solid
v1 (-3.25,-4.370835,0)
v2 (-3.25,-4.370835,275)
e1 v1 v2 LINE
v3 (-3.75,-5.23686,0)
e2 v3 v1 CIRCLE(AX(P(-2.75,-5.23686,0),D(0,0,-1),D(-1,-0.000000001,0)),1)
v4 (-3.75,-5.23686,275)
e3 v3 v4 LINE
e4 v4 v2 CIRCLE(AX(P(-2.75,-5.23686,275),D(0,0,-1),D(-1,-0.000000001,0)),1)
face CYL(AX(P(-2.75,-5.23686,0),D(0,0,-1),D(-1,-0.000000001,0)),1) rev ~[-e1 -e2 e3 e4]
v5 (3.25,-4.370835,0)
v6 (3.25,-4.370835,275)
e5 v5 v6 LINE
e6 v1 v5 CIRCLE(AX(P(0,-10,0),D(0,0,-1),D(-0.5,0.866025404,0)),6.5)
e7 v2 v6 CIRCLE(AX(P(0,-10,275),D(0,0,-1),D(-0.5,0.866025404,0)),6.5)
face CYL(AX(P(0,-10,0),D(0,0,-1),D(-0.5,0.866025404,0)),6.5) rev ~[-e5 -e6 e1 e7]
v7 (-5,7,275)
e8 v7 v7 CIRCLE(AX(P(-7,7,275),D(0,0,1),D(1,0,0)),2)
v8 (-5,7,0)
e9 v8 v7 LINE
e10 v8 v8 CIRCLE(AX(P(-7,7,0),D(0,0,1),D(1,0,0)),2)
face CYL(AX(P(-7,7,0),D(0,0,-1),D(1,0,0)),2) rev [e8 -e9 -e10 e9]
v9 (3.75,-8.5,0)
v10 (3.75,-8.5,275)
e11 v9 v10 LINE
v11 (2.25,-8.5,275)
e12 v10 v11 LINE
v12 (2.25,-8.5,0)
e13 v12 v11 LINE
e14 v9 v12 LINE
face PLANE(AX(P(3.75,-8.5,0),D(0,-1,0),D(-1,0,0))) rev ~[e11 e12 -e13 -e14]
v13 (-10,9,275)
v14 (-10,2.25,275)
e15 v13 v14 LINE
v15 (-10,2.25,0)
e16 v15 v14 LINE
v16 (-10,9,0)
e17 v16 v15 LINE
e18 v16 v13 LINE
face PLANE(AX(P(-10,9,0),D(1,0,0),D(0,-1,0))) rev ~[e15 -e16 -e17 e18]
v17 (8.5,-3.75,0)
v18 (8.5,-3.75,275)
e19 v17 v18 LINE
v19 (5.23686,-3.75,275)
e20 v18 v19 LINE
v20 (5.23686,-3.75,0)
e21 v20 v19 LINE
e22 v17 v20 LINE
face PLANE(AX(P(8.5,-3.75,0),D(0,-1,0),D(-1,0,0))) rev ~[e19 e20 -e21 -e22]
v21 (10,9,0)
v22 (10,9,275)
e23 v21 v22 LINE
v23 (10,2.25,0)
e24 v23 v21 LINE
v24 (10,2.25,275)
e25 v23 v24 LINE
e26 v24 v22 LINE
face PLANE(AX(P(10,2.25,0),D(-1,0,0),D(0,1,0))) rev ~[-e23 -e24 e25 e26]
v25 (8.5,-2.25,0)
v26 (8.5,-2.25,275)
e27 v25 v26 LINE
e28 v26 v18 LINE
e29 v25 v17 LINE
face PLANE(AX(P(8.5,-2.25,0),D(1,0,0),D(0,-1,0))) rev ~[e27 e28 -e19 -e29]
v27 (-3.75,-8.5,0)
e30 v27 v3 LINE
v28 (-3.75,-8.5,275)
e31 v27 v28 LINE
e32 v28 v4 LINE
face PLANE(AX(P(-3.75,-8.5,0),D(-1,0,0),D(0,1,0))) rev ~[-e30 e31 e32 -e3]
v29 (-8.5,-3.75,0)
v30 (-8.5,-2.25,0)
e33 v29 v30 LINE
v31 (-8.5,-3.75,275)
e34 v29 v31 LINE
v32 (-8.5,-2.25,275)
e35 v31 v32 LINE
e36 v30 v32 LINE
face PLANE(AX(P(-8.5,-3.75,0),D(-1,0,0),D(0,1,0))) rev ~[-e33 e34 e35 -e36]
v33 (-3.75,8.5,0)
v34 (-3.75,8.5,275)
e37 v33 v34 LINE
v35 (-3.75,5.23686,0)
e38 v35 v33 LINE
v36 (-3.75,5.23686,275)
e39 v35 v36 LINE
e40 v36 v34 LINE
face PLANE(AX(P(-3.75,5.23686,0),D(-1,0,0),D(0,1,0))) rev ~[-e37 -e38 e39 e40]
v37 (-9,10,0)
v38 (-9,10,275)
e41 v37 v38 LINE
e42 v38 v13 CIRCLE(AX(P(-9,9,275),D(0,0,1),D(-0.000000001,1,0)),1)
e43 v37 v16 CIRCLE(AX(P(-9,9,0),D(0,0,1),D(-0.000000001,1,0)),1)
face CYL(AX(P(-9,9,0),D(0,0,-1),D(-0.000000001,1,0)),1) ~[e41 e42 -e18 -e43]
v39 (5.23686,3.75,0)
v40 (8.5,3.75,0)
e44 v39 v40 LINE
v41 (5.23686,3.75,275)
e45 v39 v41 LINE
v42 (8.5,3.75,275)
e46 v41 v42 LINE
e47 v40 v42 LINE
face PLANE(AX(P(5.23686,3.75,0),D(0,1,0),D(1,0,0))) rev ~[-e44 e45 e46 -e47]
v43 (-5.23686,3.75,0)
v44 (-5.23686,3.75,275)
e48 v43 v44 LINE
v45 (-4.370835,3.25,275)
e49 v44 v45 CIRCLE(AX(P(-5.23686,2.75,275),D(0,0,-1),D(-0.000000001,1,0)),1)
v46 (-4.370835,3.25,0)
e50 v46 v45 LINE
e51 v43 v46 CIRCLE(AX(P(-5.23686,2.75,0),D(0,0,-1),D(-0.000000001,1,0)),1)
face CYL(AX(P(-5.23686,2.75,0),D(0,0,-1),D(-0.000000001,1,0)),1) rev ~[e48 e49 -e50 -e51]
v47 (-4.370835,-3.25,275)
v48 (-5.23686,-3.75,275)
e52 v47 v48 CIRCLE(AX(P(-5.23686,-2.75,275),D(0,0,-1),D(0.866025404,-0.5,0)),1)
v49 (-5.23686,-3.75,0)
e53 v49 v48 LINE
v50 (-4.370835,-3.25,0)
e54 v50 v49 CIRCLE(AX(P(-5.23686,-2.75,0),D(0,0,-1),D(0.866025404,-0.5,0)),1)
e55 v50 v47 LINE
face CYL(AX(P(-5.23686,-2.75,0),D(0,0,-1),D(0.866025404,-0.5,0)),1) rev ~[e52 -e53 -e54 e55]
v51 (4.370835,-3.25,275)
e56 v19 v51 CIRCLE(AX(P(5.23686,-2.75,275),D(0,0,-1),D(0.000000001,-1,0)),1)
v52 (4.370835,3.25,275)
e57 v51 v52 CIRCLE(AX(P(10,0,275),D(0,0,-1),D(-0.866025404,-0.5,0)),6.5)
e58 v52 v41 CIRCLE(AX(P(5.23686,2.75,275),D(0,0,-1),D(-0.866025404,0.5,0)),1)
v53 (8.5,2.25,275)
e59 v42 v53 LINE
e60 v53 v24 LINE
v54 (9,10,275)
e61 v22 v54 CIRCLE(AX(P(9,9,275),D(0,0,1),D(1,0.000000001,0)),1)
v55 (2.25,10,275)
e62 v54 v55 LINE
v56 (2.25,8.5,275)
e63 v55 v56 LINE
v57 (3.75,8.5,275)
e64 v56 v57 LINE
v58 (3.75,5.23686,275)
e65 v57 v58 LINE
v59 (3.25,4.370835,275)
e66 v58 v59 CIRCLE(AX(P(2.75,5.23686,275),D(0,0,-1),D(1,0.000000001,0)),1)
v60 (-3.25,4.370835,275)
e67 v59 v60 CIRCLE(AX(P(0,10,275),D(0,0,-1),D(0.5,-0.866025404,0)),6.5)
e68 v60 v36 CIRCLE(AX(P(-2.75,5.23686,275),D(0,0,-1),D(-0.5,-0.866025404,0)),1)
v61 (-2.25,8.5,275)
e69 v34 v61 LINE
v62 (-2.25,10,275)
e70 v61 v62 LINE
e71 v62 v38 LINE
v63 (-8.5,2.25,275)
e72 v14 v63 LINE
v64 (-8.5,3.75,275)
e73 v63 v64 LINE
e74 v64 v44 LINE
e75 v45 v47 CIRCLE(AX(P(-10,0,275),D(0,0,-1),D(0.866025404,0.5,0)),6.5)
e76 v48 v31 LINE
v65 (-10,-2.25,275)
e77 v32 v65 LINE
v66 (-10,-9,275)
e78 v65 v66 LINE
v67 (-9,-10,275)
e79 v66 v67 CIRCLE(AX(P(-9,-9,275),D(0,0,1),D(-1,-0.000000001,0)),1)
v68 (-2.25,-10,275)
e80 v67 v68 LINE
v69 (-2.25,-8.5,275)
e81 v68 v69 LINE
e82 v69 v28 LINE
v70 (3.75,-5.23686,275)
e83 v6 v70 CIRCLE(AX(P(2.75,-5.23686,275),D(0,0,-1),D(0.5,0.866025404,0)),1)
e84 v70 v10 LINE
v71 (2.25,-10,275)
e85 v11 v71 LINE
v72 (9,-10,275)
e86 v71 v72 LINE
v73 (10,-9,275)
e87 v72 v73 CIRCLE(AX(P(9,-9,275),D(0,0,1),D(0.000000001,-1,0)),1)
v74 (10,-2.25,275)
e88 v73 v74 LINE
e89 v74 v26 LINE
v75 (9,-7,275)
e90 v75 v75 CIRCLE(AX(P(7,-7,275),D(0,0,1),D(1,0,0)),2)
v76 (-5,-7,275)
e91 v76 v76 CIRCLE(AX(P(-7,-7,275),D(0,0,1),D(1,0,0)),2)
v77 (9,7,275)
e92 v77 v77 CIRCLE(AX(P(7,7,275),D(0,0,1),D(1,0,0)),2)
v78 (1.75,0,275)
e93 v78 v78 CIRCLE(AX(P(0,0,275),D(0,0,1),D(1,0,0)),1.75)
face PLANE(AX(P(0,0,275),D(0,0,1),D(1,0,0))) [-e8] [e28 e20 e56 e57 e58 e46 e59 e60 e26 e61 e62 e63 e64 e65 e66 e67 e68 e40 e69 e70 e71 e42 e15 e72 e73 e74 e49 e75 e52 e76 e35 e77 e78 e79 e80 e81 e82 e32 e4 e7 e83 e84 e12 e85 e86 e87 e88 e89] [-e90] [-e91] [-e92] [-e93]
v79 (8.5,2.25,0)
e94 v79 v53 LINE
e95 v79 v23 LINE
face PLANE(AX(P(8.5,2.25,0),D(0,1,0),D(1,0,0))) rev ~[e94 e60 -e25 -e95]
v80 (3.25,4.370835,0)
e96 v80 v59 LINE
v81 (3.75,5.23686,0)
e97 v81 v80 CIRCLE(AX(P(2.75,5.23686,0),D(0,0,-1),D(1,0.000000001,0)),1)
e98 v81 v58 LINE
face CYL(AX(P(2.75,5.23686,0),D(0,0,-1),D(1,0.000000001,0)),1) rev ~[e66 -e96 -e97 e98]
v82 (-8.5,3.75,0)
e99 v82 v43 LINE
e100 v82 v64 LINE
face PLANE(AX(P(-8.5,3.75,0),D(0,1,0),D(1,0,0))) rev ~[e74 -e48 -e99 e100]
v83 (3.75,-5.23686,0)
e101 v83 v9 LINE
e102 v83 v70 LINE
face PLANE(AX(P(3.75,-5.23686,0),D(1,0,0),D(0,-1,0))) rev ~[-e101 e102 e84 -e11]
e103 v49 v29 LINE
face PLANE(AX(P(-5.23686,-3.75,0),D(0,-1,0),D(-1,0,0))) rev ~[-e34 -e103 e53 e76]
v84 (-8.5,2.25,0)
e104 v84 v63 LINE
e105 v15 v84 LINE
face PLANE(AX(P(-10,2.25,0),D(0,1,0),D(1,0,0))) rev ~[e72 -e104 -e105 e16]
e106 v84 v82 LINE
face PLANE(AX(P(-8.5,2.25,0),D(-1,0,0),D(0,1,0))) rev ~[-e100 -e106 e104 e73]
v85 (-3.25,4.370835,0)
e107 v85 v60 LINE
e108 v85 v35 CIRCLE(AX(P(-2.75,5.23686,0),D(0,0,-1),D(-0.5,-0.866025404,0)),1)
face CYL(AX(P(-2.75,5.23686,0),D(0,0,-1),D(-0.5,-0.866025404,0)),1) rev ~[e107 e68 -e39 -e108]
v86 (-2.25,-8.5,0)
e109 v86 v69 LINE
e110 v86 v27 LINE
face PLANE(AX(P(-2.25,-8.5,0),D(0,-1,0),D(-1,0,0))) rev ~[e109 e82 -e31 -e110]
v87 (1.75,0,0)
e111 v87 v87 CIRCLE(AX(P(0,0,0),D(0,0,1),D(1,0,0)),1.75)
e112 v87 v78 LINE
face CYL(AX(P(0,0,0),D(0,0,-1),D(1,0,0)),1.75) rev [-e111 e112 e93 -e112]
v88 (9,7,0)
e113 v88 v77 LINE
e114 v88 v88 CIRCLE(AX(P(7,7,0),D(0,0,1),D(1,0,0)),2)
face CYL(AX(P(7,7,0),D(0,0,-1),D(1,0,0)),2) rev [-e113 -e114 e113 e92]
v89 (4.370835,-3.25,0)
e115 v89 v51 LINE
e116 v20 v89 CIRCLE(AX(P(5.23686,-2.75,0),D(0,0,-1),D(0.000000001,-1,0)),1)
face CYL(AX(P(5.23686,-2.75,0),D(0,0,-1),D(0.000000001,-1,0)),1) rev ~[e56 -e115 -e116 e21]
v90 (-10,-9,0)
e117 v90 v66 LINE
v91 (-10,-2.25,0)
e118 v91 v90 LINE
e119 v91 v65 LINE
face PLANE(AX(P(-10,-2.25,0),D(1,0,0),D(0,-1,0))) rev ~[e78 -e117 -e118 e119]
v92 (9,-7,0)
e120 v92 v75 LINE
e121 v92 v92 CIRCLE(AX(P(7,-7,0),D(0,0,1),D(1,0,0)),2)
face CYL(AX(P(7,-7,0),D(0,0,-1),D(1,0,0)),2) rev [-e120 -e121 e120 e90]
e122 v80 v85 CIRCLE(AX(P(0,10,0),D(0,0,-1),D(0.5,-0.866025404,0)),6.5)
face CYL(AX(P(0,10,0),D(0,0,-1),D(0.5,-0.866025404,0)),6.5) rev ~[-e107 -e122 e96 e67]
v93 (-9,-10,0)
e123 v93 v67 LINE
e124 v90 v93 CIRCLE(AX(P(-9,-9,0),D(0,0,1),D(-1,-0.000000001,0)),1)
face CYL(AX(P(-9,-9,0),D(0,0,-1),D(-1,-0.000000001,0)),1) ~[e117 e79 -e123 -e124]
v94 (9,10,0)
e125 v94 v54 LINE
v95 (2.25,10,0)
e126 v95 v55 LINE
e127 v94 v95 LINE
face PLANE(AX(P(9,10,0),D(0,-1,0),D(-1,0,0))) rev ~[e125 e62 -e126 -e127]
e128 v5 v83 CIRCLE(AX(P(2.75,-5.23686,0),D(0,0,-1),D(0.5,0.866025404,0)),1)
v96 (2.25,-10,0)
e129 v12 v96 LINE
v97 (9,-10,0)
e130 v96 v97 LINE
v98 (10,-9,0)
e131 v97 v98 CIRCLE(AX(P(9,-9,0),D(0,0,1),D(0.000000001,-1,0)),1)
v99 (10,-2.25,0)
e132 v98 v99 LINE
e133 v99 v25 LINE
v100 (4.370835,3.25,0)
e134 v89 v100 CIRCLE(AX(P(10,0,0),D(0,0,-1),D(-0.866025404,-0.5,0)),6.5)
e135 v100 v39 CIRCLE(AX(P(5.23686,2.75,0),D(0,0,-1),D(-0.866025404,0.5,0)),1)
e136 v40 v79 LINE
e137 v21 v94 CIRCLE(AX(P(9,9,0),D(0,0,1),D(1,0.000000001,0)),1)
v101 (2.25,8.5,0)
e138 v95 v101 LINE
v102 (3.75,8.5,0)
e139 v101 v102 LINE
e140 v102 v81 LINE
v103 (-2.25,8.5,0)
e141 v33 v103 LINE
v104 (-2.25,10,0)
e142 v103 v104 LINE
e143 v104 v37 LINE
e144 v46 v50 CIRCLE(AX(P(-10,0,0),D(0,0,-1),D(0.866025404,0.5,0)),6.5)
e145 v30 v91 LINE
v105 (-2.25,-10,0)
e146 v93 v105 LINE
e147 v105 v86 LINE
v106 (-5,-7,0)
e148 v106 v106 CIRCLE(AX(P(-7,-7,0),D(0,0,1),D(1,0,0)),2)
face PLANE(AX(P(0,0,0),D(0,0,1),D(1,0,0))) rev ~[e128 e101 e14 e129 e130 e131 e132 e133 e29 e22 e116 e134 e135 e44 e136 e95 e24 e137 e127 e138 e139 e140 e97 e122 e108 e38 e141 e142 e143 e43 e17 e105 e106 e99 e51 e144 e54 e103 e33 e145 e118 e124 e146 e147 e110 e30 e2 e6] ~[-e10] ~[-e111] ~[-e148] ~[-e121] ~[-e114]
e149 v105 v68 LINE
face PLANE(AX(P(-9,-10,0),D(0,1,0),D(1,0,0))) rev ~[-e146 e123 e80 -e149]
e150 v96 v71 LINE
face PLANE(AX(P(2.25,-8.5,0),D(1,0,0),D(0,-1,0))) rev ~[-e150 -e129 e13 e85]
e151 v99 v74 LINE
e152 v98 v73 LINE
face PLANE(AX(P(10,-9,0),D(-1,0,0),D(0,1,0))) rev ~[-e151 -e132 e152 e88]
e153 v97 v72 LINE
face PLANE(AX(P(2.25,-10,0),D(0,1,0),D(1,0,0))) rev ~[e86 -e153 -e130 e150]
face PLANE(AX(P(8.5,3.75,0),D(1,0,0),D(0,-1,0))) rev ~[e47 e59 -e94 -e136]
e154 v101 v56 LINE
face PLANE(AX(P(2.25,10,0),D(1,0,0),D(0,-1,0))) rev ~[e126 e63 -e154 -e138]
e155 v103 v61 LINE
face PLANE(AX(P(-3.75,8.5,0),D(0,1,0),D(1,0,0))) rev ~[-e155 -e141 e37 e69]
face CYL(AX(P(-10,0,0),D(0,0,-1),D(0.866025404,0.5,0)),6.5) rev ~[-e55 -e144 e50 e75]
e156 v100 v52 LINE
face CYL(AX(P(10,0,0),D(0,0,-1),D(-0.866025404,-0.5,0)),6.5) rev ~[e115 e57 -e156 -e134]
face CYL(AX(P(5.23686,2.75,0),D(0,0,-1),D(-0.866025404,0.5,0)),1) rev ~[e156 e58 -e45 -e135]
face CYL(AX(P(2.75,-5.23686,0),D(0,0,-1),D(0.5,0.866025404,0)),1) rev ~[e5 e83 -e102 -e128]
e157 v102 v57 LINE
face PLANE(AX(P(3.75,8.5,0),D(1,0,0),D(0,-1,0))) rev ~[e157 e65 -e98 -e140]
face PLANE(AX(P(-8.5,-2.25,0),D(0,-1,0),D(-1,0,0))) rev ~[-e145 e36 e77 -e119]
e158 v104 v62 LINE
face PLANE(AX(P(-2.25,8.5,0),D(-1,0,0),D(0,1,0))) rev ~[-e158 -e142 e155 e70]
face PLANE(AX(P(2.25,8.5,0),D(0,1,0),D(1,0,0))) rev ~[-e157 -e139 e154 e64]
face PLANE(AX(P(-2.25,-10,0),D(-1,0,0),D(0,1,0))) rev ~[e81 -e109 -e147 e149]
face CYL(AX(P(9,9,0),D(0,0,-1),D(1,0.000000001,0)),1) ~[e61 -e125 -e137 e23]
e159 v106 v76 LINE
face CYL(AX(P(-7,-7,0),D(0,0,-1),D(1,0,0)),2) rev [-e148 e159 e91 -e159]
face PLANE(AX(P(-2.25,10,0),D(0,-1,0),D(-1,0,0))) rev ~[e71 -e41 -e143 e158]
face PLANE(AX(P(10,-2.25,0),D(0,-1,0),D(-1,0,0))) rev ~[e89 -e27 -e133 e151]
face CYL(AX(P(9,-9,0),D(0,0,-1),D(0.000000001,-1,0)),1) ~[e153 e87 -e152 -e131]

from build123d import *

# Parameters (mm, degrees)
SKETCH1_R           = 2
SKETCH1_R_2         = 1.75
BOSS_EXTRUDE1_DEPTH = 275


with BuildPart() as part:
    # Sketch1 → Boss-Extrude1 (new body)
    with BuildSketch(Plane.XY):
        with BuildLine():
            Line((-10, 9), (-10, 2.25))
            Line((-10, 2.25), (-8.5, 2.25))
            Line((-8.5, 2.25), (-8.5, 3.75))
            Line((-8.5, 3.75), (-5.236860279, 3.75))
            ThreePointArc((-5.236860279, 3.75), (-4.736860279, 3.616025404), (-4.370834875, 3.25))
            ThreePointArc((-4.370834875, 3.25), (-3.5, 0), (-4.370834875, -3.25))
            ThreePointArc((-4.370834875, -3.25), (-4.736860279, -3.616025404), (-5.236860279, -3.75))
            Line((-5.236860279, -3.75), (-8.5, -3.75))
            Line((-8.5, -3.75), (-8.5, -2.25))
            Line((-8.5, -2.25), (-10, -2.25))
            Line((-10, -2.25), (-10, -9))
            ThreePointArc((-10, -9), (-9.707106781, -9.707106781), (-9, -10))
            Line((-9, -10), (-2.25, -10))
            Line((-2.25, -10), (-2.25, -8.5))
            Line((-2.25, -8.5), (-3.75, -8.5))
            Line((-3.75, -8.5), (-3.75, -5.236860279))
            ThreePointArc((-3.75, -5.236860279), (-3.616025404, -4.736860279), (-3.25, -4.370834875))
            ThreePointArc((-3.25, -4.370834875), (0, -3.5), (3.25, -4.370834875))
            ThreePointArc((3.25, -4.370834875), (3.616025404, -4.736860279), (3.75, -5.236860279))
            Line((3.75, -5.236860279), (3.75, -8.5))
            Line((3.75, -8.5), (2.25, -8.5))
            Line((2.25, -8.5), (2.25, -10))
            Line((2.25, -10), (9, -10))
            ThreePointArc((9, -10), (9.707106781, -9.707106781), (10, -9))
            Line((10, -9), (10, -2.25))
            Line((10, -2.25), (8.5, -2.25))
            Line((8.5, -2.25), (8.5, -3.75))
            Line((8.5, -3.75), (5.236860279, -3.75))
            ThreePointArc((5.236860279, -3.75), (4.736860279, -3.616025404), (4.370834875, -3.25))
            ThreePointArc((4.370834875, -3.25), (3.5, 0), (4.370834875, 3.25))
            ThreePointArc((4.370834875, 3.25), (4.736860279, 3.616025404), (5.236860279, 3.75))
            Line((5.236860279, 3.75), (8.5, 3.75))
            Line((8.5, 3.75), (8.5, 2.25))
            Line((8.5, 2.25), (10, 2.25))
            Line((10, 2.25), (10, 9))
            ThreePointArc((10, 9), (9.707106781, 9.707106781), (9, 10))
            Line((9, 10), (2.25, 10))
            Line((2.25, 10), (2.25, 8.5))
            Line((2.25, 8.5), (3.75, 8.5))
            Line((3.75, 8.5), (3.75, 5.236860279))
            ThreePointArc((3.75, 5.236860279), (3.616025404, 4.736860279), (3.25, 4.370834875))
            ThreePointArc((3.25, 4.370834875), (0, 3.5), (-3.25, 4.370834875))
            ThreePointArc((-3.25, 4.370834875), (-3.616025404, 4.736860279), (-3.75, 5.236860279))
            Line((-3.75, 5.236860279), (-3.75, 8.5))
            Line((-3.75, 8.5), (-2.25, 8.5))
            Line((-2.25, 8.5), (-2.25, 10))
            Line((-2.25, 10), (-9, 10))
            ThreePointArc((-9, 10), (-9.707106781, 9.707106781), (-10, 9))
        make_face()
        with Locations((-7, -7)):
            Circle(SKETCH1_R, mode=Mode.SUBTRACT)
        with Locations((7, -7)):
            Circle(SKETCH1_R, mode=Mode.SUBTRACT)
        with Locations((7, 7)):
            Circle(SKETCH1_R, mode=Mode.SUBTRACT)
        Circle(SKETCH1_R_2, mode=Mode.SUBTRACT)
        with Locations((-7, 7)):
            Circle(SKETCH1_R, mode=Mode.SUBTRACT)
    extrude(amount=BOSS_EXTRUDE1_DEPTH)


solid = part.part
